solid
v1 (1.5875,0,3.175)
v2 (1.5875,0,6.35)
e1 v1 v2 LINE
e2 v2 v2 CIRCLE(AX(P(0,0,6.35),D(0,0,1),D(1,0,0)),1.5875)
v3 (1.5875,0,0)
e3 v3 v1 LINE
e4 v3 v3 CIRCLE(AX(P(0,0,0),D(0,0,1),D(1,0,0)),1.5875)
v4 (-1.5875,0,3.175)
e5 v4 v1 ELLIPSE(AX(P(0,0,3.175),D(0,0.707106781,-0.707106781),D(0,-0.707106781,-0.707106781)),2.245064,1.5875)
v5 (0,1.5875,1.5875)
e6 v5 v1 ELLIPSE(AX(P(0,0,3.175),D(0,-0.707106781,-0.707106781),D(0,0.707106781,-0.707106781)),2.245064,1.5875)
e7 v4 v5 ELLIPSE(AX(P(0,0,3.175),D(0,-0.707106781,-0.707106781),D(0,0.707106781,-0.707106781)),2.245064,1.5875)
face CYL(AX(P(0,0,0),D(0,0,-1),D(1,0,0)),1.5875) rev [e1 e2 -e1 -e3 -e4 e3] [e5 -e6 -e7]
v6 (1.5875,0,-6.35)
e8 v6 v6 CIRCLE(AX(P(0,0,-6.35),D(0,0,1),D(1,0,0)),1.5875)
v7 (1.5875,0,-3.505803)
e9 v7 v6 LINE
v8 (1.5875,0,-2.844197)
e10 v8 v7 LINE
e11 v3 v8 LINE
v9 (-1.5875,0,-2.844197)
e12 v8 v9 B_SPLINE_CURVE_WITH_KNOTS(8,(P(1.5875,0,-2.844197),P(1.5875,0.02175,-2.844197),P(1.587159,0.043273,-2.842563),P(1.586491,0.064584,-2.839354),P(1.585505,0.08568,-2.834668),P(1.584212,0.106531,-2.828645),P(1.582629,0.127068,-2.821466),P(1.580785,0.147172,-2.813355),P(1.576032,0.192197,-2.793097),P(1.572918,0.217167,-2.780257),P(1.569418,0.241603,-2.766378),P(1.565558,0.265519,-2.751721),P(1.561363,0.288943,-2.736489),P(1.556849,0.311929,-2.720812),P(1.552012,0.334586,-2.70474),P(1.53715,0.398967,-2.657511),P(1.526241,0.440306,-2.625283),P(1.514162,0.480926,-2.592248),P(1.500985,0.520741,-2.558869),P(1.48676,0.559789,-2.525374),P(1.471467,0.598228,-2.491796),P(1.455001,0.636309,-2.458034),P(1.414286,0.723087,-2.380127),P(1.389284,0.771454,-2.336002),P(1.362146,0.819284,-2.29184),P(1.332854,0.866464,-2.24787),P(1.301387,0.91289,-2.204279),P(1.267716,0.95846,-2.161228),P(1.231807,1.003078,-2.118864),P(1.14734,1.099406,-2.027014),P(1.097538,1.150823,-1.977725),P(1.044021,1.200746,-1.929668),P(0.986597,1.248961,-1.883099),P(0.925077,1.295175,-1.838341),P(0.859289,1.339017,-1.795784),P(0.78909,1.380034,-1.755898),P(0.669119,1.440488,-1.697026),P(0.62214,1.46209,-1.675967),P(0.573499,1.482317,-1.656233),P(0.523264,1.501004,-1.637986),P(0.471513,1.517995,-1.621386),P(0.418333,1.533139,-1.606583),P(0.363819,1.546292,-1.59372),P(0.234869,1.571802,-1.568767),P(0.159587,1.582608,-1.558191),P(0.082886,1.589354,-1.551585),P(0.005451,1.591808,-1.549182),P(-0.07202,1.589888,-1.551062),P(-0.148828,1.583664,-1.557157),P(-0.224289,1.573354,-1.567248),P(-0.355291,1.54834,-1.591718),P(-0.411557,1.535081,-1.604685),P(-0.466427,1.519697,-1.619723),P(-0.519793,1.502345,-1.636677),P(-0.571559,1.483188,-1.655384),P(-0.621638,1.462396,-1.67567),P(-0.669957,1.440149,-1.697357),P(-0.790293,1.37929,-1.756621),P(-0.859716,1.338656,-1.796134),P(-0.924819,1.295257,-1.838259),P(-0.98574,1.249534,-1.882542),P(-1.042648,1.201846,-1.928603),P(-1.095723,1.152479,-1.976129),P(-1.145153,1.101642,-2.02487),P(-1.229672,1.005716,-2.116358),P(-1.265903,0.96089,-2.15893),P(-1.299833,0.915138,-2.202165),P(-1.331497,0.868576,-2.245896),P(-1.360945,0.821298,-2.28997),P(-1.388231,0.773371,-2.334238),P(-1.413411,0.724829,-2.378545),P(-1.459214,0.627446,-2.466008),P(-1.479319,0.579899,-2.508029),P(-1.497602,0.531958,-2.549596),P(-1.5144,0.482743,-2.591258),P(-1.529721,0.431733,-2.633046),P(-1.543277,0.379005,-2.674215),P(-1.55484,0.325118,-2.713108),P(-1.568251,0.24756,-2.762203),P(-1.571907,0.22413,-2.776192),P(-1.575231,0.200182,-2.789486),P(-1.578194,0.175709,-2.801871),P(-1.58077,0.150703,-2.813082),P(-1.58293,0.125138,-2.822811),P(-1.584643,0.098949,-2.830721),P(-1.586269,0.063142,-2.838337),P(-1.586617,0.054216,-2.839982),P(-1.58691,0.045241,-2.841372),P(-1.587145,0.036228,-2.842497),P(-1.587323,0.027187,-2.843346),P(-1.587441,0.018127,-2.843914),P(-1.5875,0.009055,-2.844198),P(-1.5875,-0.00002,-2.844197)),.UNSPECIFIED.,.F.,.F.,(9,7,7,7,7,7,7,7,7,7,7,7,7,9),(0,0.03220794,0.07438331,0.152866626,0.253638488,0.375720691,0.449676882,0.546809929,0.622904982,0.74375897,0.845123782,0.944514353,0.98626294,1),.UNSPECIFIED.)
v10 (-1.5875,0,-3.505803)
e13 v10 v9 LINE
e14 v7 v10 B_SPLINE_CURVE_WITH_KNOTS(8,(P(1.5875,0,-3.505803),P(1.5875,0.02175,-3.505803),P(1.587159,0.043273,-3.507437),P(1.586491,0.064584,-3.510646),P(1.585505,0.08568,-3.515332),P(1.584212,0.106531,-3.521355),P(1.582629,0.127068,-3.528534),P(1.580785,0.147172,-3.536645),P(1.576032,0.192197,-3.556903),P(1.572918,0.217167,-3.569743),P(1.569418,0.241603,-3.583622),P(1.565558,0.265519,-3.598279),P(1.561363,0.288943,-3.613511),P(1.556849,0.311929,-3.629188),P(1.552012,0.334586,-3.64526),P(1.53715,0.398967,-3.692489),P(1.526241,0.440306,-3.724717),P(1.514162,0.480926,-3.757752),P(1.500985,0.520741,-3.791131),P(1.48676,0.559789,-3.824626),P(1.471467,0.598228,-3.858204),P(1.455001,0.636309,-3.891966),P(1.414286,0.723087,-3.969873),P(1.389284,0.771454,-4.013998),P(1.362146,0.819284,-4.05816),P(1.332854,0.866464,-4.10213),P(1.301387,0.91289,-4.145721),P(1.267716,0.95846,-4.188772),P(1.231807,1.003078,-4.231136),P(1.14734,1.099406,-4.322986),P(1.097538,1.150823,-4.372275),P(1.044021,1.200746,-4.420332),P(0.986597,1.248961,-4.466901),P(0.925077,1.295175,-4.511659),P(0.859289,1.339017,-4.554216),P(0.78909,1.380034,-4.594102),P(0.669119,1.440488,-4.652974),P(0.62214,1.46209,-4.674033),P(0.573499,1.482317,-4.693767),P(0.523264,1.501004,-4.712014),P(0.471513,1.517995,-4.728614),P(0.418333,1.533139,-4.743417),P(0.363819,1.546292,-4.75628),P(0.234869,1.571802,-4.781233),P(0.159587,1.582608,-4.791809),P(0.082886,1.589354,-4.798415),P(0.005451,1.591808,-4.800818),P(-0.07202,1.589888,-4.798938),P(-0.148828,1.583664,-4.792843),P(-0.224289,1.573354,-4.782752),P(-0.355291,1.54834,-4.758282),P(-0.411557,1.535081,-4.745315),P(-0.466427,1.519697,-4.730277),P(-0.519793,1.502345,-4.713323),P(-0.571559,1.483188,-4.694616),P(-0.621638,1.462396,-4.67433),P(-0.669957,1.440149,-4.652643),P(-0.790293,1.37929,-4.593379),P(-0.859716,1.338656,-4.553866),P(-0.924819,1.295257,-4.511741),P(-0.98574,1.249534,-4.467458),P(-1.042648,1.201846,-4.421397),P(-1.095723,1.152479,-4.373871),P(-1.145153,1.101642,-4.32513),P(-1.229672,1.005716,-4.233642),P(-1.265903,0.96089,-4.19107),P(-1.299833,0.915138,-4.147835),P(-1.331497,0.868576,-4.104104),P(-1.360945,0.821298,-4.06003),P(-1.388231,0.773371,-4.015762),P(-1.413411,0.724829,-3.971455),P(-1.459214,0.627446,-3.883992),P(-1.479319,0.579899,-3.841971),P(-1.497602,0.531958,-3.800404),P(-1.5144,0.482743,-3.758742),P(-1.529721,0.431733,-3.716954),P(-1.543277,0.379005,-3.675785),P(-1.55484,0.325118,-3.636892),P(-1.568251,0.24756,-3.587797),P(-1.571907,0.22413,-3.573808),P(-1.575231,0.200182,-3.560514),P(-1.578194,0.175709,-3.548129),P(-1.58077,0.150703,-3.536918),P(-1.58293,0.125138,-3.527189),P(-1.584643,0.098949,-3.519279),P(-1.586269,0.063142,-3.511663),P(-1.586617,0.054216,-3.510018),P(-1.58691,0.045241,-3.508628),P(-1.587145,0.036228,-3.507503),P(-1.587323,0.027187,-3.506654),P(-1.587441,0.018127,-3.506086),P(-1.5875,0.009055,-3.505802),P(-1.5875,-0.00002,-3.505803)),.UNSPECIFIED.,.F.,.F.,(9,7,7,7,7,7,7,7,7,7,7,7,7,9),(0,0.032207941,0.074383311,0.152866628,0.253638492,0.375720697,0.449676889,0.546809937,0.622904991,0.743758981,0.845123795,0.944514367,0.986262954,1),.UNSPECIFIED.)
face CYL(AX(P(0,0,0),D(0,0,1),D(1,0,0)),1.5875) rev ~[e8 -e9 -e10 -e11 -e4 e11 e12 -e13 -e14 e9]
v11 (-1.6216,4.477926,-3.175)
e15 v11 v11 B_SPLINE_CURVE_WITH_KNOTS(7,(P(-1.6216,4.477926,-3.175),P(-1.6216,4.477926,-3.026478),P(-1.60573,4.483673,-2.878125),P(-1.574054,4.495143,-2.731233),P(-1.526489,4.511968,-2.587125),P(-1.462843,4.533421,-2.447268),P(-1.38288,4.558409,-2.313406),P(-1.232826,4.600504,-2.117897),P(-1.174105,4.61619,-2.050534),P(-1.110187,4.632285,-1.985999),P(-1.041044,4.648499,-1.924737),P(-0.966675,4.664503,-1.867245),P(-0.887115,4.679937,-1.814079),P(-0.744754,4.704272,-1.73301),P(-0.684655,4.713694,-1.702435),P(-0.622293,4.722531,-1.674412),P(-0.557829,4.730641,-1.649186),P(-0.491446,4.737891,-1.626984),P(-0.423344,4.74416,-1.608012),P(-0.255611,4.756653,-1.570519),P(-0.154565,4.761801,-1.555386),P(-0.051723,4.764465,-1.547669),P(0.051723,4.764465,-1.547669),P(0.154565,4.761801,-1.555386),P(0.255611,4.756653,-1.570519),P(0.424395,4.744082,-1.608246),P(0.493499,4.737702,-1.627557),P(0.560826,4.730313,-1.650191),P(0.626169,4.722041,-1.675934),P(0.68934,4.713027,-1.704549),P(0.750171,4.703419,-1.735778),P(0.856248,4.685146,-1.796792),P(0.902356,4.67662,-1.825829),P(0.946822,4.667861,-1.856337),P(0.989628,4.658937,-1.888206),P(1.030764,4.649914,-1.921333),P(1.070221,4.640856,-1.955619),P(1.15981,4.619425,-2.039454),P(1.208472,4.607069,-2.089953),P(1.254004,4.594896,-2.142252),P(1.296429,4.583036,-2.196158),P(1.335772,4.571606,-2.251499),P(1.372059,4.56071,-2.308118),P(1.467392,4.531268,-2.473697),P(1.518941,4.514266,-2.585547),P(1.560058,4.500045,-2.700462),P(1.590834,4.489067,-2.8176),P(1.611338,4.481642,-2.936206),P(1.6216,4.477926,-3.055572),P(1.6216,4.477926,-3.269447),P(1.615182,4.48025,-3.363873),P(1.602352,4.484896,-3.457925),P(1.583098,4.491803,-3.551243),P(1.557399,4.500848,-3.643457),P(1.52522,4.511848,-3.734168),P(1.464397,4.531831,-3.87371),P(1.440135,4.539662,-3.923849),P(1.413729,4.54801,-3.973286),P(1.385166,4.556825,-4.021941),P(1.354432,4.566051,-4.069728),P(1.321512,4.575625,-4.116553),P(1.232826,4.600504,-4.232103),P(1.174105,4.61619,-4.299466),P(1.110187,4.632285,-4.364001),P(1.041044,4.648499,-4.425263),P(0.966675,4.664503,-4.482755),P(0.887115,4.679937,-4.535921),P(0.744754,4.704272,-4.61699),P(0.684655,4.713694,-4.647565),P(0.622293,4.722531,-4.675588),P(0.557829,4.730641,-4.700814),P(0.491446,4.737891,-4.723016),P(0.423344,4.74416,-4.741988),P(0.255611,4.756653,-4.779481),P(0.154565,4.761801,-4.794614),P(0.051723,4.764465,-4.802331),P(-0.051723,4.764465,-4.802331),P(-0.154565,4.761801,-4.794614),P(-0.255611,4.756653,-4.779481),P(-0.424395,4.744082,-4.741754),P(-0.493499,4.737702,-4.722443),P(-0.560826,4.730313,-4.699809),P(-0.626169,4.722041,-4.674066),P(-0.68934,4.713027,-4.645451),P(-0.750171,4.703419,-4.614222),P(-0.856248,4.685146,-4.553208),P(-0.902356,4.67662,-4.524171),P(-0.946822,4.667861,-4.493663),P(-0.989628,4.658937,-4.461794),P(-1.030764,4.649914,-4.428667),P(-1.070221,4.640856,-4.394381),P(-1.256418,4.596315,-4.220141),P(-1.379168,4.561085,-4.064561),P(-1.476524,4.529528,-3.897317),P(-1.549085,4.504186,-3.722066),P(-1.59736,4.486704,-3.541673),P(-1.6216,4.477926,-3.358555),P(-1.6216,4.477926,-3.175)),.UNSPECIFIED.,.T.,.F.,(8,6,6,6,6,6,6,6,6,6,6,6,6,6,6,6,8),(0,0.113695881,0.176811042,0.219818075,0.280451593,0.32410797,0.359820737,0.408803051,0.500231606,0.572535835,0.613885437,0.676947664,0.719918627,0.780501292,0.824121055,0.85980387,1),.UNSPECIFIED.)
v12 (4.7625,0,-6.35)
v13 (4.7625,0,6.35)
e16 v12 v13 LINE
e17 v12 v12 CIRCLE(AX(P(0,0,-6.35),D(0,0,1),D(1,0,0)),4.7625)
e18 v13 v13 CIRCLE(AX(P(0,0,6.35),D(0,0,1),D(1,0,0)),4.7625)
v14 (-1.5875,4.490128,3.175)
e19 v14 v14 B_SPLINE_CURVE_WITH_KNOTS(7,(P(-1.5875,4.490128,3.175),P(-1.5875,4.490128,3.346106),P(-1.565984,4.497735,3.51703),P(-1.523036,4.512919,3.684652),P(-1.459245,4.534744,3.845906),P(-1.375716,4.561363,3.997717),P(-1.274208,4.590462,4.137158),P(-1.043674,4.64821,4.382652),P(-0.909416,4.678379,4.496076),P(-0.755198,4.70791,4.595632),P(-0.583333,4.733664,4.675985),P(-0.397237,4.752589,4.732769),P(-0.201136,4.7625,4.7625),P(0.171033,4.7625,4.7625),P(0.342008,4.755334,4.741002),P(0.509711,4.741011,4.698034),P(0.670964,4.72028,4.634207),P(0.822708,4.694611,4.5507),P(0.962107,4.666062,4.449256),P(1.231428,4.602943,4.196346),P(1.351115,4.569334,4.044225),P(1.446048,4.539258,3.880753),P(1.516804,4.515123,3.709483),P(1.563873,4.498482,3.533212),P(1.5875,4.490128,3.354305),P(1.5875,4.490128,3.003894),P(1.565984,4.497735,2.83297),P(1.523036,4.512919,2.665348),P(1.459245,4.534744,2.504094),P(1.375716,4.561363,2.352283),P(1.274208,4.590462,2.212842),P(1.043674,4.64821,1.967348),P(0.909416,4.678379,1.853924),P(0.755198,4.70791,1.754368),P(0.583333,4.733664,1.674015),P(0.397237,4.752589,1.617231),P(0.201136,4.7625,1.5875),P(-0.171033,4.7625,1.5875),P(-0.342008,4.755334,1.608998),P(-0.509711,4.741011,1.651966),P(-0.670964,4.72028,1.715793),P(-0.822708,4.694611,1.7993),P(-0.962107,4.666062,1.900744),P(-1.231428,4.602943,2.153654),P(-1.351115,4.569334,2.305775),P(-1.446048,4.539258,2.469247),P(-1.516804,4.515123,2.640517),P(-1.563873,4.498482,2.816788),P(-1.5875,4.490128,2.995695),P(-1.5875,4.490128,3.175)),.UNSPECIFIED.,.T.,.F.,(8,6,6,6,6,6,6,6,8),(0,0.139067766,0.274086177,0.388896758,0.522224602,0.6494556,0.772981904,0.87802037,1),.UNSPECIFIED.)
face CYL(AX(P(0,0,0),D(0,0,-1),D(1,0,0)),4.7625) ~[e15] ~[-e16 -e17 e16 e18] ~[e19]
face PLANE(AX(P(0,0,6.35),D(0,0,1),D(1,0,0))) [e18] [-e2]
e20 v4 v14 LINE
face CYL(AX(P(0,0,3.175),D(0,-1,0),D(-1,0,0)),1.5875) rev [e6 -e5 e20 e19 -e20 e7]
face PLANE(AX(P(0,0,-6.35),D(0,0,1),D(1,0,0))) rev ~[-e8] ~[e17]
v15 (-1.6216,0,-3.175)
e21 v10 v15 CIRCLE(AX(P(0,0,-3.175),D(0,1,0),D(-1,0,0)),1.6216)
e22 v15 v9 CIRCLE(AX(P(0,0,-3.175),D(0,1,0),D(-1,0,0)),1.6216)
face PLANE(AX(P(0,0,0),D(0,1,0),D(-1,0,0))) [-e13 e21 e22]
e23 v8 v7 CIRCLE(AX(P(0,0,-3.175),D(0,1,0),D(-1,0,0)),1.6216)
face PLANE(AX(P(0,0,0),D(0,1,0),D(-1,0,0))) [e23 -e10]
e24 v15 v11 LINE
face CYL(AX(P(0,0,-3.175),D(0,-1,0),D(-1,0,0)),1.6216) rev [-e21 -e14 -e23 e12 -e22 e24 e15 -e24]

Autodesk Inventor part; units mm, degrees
ref_plane "YZ Plane" through (0, 0, 0) normal (1, 0, 0) x (0, 1, 0)
ref_plane "XZ Plane" through (0, 0, 0) normal (0, 1, 0) x (-1, 0, 0)
ref_plane "XY Plane" through (0, 0, 0) normal (0, 0, 1) x (1, 0, 0)
sketch "Sketch1" plane through (0, 0, 0) normal (0, 0, 1) x (1, 0, 0)
  circle A0 centre (0, 0) radius 1.5875
  circle A1 centre (0, 0) radius 4.7625
  dimension "d1" = 3.175
  dimension "d2" = 9.525
extrude "Extrusion1" add sketch "Sketch1" along normal mid plane 12.7
sketch "Sketch2" plane through (0, 0, 0) normal (0, 1, 0) x (-1, 0, 0)
  circle A0 centre (0, 3.175) radius 1.5875
  circle A1 centre (0, -3.175) radius 1.6216
  point P0 (0, 0)
  dimension "d5" = 3.175
  dimension "d6" = 3.175
  dimension "d7" = 3.175
extrude "Extrusion2" cut sketch "Sketch2" along normal blind 7.9375
properties part number "coupler" material "ABS Plastic"
